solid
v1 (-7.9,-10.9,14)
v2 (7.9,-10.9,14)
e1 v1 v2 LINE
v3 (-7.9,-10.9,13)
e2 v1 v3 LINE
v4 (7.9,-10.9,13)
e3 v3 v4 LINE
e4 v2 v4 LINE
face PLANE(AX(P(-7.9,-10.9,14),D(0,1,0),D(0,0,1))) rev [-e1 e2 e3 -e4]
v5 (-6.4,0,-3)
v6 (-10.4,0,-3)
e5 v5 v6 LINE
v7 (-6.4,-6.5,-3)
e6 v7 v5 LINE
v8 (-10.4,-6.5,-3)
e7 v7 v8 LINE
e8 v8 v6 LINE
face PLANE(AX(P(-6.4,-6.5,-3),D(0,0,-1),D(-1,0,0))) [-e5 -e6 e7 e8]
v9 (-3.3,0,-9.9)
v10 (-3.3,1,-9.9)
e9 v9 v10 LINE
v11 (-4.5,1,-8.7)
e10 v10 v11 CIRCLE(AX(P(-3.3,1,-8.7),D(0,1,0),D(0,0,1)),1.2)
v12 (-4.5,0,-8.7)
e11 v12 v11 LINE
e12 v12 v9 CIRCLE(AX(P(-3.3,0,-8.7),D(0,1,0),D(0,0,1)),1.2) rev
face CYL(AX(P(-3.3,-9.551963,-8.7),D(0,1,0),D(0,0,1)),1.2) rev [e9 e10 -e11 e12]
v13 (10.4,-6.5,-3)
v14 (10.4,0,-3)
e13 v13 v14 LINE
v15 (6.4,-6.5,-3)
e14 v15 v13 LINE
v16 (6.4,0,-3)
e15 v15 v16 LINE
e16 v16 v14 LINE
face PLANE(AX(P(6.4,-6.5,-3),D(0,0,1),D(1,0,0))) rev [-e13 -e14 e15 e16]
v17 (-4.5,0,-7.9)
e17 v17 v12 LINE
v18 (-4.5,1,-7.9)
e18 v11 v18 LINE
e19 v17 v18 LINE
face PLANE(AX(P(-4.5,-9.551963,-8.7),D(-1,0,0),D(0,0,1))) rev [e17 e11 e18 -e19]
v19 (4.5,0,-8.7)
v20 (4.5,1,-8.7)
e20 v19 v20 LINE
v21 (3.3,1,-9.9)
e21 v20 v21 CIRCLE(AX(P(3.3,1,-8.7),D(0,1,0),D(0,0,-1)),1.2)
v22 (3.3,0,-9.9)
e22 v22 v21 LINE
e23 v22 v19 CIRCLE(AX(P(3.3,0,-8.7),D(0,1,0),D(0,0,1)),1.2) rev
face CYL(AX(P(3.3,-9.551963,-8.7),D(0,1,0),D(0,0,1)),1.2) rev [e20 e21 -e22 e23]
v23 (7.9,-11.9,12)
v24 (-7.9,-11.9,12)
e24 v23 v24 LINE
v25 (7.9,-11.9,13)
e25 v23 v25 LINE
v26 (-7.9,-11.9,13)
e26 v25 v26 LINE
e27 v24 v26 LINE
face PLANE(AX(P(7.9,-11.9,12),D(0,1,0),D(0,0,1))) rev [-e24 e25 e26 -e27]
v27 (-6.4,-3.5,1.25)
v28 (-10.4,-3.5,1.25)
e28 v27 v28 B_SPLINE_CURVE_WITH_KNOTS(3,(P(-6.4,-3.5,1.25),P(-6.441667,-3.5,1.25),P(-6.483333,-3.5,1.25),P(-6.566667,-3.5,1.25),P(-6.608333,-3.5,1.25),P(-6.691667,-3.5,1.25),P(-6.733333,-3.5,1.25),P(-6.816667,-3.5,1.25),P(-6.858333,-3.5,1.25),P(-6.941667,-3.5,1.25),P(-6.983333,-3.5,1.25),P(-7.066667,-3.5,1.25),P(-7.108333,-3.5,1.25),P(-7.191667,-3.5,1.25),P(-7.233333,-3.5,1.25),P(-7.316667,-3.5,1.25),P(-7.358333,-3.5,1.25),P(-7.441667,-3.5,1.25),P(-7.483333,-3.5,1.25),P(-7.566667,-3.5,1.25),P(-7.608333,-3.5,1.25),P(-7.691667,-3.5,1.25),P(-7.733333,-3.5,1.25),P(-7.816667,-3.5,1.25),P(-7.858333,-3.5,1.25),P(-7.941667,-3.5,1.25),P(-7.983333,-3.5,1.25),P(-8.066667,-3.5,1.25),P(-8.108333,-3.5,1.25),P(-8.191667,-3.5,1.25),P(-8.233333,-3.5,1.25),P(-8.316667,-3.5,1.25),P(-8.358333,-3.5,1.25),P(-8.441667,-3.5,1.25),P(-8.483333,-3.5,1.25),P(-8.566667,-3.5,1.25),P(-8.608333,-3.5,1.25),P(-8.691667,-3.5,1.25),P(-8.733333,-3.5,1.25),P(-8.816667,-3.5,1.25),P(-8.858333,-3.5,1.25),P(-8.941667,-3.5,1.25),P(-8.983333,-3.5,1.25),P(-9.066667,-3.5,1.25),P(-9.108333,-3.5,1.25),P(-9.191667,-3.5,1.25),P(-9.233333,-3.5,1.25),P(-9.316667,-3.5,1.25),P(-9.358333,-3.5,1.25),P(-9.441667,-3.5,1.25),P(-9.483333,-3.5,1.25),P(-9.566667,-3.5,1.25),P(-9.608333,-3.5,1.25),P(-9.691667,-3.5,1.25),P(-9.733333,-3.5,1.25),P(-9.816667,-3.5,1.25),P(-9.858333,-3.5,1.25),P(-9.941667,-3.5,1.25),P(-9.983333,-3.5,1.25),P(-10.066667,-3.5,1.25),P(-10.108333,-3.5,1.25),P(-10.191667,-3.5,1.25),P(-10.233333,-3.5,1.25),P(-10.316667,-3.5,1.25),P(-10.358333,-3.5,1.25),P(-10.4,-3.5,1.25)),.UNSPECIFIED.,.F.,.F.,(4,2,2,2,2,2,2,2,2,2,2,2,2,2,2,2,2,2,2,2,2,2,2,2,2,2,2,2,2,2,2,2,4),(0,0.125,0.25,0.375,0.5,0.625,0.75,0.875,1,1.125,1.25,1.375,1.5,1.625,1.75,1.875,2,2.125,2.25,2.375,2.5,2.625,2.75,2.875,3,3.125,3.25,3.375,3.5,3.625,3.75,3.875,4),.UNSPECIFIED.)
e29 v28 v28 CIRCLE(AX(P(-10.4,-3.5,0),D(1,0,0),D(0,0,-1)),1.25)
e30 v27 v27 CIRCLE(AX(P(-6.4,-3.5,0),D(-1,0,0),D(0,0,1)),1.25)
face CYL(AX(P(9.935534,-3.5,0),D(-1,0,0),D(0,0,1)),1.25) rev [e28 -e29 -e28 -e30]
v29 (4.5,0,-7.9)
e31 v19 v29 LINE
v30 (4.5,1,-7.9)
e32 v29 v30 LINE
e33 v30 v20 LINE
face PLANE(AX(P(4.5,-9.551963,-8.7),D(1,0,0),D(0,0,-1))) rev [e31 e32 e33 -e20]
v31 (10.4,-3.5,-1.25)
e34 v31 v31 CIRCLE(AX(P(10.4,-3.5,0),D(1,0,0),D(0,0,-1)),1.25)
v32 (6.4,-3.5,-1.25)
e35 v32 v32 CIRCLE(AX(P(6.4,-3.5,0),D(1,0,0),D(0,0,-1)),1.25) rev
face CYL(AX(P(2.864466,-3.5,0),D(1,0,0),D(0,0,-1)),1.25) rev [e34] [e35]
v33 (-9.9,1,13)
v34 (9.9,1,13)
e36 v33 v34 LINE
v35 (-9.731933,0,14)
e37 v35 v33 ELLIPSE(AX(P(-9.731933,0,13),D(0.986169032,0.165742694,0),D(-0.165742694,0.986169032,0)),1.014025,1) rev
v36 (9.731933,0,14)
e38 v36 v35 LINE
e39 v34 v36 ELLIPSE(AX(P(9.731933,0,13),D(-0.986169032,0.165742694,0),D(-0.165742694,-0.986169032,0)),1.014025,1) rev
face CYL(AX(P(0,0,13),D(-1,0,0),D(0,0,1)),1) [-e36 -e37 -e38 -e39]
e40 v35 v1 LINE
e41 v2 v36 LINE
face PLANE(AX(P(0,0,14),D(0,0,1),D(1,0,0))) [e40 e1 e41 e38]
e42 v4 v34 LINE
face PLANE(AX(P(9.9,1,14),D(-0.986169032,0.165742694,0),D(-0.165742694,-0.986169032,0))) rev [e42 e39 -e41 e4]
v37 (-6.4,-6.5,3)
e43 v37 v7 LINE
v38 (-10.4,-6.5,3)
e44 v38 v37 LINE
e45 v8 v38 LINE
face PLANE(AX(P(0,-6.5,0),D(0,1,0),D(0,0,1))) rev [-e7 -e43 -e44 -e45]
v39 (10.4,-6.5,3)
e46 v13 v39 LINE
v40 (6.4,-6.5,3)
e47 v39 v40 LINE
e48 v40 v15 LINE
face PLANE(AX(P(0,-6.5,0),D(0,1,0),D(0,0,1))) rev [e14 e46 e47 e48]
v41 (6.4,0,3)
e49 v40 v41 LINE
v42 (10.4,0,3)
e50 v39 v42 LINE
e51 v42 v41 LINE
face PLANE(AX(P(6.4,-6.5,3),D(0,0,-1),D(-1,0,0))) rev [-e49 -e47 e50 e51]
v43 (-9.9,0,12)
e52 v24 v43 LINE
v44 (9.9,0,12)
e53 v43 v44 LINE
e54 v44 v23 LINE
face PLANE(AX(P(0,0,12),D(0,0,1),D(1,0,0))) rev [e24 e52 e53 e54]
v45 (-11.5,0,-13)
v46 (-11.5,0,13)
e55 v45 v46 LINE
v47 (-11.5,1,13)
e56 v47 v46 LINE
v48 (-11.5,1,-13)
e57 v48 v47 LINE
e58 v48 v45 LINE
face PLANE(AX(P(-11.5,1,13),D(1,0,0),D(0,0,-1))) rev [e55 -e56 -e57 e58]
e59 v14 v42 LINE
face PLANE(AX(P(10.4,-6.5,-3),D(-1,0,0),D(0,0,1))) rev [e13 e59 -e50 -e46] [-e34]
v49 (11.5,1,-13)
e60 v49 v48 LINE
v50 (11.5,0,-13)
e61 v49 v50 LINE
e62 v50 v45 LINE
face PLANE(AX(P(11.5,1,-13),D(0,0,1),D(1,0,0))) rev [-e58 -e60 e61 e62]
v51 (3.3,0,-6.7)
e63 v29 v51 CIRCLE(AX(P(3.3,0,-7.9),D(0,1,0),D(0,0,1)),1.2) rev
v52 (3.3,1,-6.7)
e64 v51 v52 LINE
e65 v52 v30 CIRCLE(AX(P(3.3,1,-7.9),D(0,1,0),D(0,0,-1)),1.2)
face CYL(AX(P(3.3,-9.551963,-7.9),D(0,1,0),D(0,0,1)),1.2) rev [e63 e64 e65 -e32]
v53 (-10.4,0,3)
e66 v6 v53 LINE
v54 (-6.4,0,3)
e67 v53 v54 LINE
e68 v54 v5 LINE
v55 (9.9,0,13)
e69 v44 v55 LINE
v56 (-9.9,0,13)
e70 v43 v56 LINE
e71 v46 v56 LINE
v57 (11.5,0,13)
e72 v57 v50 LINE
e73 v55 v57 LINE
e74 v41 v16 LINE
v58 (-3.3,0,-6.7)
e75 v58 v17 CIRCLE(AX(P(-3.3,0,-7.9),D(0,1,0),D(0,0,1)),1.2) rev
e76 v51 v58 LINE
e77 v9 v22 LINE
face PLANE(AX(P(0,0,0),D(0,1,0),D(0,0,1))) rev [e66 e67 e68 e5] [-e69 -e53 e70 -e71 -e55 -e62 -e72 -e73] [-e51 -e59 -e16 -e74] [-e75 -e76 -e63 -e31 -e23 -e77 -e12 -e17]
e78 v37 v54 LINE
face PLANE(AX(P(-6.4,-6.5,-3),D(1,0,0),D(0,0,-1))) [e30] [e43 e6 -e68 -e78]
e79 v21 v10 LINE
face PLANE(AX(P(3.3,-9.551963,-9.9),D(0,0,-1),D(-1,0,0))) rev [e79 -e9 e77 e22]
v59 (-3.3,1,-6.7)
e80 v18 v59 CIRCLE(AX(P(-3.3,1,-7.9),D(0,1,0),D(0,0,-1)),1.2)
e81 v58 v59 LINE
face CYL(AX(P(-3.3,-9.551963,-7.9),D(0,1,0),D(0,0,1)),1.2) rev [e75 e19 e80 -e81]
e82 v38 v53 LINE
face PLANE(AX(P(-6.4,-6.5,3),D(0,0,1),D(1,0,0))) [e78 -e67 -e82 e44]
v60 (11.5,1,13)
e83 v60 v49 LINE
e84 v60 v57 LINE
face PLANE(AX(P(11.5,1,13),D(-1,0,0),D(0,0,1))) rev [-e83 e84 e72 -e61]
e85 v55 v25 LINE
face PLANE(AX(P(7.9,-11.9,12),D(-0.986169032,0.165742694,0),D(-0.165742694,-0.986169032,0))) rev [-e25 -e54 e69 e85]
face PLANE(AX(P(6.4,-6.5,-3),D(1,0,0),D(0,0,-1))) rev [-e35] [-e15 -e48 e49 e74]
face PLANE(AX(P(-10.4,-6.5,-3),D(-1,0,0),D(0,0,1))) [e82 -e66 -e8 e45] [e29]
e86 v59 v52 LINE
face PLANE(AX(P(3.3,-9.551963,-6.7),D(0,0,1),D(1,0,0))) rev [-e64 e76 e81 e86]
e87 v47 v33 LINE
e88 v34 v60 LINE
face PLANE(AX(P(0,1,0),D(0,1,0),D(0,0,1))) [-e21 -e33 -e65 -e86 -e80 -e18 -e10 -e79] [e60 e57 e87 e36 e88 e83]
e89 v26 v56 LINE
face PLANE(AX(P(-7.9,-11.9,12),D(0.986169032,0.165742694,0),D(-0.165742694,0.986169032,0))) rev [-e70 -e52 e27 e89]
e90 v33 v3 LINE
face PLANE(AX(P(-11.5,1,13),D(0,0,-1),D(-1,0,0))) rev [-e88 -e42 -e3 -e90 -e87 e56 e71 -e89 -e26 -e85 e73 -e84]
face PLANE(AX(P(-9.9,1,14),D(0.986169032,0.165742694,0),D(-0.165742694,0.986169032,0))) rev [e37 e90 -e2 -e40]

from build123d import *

# Parameters (mm, degrees)
SKIZZE1_W                       = 23
SKIZZE1_H                       = 26
AUFSATZ_LINEAR_AUSTRAGEN1_DEPTH = 1
SKIZZE2_W                       = 4
SKIZZE2_H                       = 6
AUFSATZ_LINEAR_AUSTRAGEN2_DEPTH = 6.5
SKIZZE3_R                       = 1.25
SCHNITT_LINEAR_AUSTRAGEN1_DEPTH = 4
AUFSATZ_LINEAR_AUSTRAGEN3_DEPTH = 1
AUFSATZ_LINEAR_AUSTRAGEN4_DEPTH = 1
SCHNITT_LINEAR_AUSTRAGEN2_DEPTH = 1
VERRUNDUNG1_R                   = 1


with BuildPart() as part:
    # Skizze1 → Aufsatz-Linear austragen1 (new body)
    with BuildSketch(Plane(origin=(0, 0, 0), x_dir=(1, 0, 0), z_dir=(0, 1, 0))):
        Rectangle(SKIZZE1_W, SKIZZE1_H)
    extrude(amount=AUFSATZ_LINEAR_AUSTRAGEN1_DEPTH)

    # Skizze2 → Aufsatz-Linear austragen2 (add)
    with BuildSketch(Plane.XZ):
        with Locations((8.4, 0)):
            Rectangle(SKIZZE2_W, SKIZZE2_H)
    aufsatz_linear_austragen2 = extrude(amount=AUFSATZ_LINEAR_AUSTRAGEN2_DEPTH)

    # Skizze3 → Schnitt-Linear austragen1 (cut)
    with BuildSketch(Plane(origin=(10.4, 0, 0), x_dir=(0, 0, -1), z_dir=(1, 0, 0))):
        with Locations((0, -3.5)):
            Circle(SKIZZE3_R)
    schnitt_linear_austragen1 = extrude(amount=-SCHNITT_LINEAR_AUSTRAGEN1_DEPTH, mode=Mode.SUBTRACT)

    # Spiegeln1: Aufsatz-Linear austragen2, Schnitt-Linear austragen1 across plane
    add(aufsatz_linear_austragen2.mirror(Plane(origin=(0, 0, 0), x_dir=(0, 0, 1), z_dir=(1, 0, 0))))
    add(schnitt_linear_austragen1.mirror(Plane(origin=(0, 0, 0), x_dir=(0, 0, 1), z_dir=(1, 0, 0))), mode=Mode.SUBTRACT)

    # Skizze4 → Aufsatz-Linear austragen3 (add)
    with BuildSketch(Plane.XY.offset(13)):
        Polygon((9.9, 1), (-9.9, 1), (-7.9, -10.9), (7.9, -10.9), align=None)
    extrude(amount=AUFSATZ_LINEAR_AUSTRAGEN3_DEPTH)

    # Skizze5 → Aufsatz-Linear austragen4 (add)
    with BuildSketch(Plane(origin=(0, 0, 13), x_dir=(-1, 0, 0), z_dir=(0, 0, -1))):
        Polygon((-7.9, -11.9), (7.9, -11.9), (9.9, 0), (-9.9, 0), align=None)
    extrude(amount=AUFSATZ_LINEAR_AUSTRAGEN4_DEPTH)

    # Skizze6 → Schnitt-Linear austragen2 (cut)
    with BuildSketch(Plane(origin=(0, 1, 0), x_dir=(1, 0, 0), z_dir=(0, 1, 0))):
        with BuildLine():
            Line((3.3, 9.9), (-3.3, 9.9))
            ThreePointArc((-3.3, 9.9), (-4.148528137, 9.548528137), (-4.5, 8.7))
            Line((-4.5, 8.7), (-4.5, 7.9))
            ThreePointArc((-4.5, 7.9), (-4.148528137, 7.051471863), (-3.3, 6.7))
            Line((-3.3, 6.7), (3.3, 6.7))
            ThreePointArc((3.3, 6.7), (4.148528137, 7.051471863), (4.5, 7.9))
            Line((4.5, 7.9), (4.5, 8.7))
            ThreePointArc((4.5, 8.7), (4.148528137, 9.548528137), (3.3, 9.9))
        make_face()
    extrude(amount=-SCHNITT_LINEAR_AUSTRAGEN2_DEPTH, mode=Mode.SUBTRACT)

    # Verrundung1
    verrundung1_edges = [part.edges().sort_by_distance(p)[0] for p in [
        (0, 1, 14),
    ]]
    fillet(verrundung1_edges, radius=VERRUNDUNG1_R)


solid = part.part
